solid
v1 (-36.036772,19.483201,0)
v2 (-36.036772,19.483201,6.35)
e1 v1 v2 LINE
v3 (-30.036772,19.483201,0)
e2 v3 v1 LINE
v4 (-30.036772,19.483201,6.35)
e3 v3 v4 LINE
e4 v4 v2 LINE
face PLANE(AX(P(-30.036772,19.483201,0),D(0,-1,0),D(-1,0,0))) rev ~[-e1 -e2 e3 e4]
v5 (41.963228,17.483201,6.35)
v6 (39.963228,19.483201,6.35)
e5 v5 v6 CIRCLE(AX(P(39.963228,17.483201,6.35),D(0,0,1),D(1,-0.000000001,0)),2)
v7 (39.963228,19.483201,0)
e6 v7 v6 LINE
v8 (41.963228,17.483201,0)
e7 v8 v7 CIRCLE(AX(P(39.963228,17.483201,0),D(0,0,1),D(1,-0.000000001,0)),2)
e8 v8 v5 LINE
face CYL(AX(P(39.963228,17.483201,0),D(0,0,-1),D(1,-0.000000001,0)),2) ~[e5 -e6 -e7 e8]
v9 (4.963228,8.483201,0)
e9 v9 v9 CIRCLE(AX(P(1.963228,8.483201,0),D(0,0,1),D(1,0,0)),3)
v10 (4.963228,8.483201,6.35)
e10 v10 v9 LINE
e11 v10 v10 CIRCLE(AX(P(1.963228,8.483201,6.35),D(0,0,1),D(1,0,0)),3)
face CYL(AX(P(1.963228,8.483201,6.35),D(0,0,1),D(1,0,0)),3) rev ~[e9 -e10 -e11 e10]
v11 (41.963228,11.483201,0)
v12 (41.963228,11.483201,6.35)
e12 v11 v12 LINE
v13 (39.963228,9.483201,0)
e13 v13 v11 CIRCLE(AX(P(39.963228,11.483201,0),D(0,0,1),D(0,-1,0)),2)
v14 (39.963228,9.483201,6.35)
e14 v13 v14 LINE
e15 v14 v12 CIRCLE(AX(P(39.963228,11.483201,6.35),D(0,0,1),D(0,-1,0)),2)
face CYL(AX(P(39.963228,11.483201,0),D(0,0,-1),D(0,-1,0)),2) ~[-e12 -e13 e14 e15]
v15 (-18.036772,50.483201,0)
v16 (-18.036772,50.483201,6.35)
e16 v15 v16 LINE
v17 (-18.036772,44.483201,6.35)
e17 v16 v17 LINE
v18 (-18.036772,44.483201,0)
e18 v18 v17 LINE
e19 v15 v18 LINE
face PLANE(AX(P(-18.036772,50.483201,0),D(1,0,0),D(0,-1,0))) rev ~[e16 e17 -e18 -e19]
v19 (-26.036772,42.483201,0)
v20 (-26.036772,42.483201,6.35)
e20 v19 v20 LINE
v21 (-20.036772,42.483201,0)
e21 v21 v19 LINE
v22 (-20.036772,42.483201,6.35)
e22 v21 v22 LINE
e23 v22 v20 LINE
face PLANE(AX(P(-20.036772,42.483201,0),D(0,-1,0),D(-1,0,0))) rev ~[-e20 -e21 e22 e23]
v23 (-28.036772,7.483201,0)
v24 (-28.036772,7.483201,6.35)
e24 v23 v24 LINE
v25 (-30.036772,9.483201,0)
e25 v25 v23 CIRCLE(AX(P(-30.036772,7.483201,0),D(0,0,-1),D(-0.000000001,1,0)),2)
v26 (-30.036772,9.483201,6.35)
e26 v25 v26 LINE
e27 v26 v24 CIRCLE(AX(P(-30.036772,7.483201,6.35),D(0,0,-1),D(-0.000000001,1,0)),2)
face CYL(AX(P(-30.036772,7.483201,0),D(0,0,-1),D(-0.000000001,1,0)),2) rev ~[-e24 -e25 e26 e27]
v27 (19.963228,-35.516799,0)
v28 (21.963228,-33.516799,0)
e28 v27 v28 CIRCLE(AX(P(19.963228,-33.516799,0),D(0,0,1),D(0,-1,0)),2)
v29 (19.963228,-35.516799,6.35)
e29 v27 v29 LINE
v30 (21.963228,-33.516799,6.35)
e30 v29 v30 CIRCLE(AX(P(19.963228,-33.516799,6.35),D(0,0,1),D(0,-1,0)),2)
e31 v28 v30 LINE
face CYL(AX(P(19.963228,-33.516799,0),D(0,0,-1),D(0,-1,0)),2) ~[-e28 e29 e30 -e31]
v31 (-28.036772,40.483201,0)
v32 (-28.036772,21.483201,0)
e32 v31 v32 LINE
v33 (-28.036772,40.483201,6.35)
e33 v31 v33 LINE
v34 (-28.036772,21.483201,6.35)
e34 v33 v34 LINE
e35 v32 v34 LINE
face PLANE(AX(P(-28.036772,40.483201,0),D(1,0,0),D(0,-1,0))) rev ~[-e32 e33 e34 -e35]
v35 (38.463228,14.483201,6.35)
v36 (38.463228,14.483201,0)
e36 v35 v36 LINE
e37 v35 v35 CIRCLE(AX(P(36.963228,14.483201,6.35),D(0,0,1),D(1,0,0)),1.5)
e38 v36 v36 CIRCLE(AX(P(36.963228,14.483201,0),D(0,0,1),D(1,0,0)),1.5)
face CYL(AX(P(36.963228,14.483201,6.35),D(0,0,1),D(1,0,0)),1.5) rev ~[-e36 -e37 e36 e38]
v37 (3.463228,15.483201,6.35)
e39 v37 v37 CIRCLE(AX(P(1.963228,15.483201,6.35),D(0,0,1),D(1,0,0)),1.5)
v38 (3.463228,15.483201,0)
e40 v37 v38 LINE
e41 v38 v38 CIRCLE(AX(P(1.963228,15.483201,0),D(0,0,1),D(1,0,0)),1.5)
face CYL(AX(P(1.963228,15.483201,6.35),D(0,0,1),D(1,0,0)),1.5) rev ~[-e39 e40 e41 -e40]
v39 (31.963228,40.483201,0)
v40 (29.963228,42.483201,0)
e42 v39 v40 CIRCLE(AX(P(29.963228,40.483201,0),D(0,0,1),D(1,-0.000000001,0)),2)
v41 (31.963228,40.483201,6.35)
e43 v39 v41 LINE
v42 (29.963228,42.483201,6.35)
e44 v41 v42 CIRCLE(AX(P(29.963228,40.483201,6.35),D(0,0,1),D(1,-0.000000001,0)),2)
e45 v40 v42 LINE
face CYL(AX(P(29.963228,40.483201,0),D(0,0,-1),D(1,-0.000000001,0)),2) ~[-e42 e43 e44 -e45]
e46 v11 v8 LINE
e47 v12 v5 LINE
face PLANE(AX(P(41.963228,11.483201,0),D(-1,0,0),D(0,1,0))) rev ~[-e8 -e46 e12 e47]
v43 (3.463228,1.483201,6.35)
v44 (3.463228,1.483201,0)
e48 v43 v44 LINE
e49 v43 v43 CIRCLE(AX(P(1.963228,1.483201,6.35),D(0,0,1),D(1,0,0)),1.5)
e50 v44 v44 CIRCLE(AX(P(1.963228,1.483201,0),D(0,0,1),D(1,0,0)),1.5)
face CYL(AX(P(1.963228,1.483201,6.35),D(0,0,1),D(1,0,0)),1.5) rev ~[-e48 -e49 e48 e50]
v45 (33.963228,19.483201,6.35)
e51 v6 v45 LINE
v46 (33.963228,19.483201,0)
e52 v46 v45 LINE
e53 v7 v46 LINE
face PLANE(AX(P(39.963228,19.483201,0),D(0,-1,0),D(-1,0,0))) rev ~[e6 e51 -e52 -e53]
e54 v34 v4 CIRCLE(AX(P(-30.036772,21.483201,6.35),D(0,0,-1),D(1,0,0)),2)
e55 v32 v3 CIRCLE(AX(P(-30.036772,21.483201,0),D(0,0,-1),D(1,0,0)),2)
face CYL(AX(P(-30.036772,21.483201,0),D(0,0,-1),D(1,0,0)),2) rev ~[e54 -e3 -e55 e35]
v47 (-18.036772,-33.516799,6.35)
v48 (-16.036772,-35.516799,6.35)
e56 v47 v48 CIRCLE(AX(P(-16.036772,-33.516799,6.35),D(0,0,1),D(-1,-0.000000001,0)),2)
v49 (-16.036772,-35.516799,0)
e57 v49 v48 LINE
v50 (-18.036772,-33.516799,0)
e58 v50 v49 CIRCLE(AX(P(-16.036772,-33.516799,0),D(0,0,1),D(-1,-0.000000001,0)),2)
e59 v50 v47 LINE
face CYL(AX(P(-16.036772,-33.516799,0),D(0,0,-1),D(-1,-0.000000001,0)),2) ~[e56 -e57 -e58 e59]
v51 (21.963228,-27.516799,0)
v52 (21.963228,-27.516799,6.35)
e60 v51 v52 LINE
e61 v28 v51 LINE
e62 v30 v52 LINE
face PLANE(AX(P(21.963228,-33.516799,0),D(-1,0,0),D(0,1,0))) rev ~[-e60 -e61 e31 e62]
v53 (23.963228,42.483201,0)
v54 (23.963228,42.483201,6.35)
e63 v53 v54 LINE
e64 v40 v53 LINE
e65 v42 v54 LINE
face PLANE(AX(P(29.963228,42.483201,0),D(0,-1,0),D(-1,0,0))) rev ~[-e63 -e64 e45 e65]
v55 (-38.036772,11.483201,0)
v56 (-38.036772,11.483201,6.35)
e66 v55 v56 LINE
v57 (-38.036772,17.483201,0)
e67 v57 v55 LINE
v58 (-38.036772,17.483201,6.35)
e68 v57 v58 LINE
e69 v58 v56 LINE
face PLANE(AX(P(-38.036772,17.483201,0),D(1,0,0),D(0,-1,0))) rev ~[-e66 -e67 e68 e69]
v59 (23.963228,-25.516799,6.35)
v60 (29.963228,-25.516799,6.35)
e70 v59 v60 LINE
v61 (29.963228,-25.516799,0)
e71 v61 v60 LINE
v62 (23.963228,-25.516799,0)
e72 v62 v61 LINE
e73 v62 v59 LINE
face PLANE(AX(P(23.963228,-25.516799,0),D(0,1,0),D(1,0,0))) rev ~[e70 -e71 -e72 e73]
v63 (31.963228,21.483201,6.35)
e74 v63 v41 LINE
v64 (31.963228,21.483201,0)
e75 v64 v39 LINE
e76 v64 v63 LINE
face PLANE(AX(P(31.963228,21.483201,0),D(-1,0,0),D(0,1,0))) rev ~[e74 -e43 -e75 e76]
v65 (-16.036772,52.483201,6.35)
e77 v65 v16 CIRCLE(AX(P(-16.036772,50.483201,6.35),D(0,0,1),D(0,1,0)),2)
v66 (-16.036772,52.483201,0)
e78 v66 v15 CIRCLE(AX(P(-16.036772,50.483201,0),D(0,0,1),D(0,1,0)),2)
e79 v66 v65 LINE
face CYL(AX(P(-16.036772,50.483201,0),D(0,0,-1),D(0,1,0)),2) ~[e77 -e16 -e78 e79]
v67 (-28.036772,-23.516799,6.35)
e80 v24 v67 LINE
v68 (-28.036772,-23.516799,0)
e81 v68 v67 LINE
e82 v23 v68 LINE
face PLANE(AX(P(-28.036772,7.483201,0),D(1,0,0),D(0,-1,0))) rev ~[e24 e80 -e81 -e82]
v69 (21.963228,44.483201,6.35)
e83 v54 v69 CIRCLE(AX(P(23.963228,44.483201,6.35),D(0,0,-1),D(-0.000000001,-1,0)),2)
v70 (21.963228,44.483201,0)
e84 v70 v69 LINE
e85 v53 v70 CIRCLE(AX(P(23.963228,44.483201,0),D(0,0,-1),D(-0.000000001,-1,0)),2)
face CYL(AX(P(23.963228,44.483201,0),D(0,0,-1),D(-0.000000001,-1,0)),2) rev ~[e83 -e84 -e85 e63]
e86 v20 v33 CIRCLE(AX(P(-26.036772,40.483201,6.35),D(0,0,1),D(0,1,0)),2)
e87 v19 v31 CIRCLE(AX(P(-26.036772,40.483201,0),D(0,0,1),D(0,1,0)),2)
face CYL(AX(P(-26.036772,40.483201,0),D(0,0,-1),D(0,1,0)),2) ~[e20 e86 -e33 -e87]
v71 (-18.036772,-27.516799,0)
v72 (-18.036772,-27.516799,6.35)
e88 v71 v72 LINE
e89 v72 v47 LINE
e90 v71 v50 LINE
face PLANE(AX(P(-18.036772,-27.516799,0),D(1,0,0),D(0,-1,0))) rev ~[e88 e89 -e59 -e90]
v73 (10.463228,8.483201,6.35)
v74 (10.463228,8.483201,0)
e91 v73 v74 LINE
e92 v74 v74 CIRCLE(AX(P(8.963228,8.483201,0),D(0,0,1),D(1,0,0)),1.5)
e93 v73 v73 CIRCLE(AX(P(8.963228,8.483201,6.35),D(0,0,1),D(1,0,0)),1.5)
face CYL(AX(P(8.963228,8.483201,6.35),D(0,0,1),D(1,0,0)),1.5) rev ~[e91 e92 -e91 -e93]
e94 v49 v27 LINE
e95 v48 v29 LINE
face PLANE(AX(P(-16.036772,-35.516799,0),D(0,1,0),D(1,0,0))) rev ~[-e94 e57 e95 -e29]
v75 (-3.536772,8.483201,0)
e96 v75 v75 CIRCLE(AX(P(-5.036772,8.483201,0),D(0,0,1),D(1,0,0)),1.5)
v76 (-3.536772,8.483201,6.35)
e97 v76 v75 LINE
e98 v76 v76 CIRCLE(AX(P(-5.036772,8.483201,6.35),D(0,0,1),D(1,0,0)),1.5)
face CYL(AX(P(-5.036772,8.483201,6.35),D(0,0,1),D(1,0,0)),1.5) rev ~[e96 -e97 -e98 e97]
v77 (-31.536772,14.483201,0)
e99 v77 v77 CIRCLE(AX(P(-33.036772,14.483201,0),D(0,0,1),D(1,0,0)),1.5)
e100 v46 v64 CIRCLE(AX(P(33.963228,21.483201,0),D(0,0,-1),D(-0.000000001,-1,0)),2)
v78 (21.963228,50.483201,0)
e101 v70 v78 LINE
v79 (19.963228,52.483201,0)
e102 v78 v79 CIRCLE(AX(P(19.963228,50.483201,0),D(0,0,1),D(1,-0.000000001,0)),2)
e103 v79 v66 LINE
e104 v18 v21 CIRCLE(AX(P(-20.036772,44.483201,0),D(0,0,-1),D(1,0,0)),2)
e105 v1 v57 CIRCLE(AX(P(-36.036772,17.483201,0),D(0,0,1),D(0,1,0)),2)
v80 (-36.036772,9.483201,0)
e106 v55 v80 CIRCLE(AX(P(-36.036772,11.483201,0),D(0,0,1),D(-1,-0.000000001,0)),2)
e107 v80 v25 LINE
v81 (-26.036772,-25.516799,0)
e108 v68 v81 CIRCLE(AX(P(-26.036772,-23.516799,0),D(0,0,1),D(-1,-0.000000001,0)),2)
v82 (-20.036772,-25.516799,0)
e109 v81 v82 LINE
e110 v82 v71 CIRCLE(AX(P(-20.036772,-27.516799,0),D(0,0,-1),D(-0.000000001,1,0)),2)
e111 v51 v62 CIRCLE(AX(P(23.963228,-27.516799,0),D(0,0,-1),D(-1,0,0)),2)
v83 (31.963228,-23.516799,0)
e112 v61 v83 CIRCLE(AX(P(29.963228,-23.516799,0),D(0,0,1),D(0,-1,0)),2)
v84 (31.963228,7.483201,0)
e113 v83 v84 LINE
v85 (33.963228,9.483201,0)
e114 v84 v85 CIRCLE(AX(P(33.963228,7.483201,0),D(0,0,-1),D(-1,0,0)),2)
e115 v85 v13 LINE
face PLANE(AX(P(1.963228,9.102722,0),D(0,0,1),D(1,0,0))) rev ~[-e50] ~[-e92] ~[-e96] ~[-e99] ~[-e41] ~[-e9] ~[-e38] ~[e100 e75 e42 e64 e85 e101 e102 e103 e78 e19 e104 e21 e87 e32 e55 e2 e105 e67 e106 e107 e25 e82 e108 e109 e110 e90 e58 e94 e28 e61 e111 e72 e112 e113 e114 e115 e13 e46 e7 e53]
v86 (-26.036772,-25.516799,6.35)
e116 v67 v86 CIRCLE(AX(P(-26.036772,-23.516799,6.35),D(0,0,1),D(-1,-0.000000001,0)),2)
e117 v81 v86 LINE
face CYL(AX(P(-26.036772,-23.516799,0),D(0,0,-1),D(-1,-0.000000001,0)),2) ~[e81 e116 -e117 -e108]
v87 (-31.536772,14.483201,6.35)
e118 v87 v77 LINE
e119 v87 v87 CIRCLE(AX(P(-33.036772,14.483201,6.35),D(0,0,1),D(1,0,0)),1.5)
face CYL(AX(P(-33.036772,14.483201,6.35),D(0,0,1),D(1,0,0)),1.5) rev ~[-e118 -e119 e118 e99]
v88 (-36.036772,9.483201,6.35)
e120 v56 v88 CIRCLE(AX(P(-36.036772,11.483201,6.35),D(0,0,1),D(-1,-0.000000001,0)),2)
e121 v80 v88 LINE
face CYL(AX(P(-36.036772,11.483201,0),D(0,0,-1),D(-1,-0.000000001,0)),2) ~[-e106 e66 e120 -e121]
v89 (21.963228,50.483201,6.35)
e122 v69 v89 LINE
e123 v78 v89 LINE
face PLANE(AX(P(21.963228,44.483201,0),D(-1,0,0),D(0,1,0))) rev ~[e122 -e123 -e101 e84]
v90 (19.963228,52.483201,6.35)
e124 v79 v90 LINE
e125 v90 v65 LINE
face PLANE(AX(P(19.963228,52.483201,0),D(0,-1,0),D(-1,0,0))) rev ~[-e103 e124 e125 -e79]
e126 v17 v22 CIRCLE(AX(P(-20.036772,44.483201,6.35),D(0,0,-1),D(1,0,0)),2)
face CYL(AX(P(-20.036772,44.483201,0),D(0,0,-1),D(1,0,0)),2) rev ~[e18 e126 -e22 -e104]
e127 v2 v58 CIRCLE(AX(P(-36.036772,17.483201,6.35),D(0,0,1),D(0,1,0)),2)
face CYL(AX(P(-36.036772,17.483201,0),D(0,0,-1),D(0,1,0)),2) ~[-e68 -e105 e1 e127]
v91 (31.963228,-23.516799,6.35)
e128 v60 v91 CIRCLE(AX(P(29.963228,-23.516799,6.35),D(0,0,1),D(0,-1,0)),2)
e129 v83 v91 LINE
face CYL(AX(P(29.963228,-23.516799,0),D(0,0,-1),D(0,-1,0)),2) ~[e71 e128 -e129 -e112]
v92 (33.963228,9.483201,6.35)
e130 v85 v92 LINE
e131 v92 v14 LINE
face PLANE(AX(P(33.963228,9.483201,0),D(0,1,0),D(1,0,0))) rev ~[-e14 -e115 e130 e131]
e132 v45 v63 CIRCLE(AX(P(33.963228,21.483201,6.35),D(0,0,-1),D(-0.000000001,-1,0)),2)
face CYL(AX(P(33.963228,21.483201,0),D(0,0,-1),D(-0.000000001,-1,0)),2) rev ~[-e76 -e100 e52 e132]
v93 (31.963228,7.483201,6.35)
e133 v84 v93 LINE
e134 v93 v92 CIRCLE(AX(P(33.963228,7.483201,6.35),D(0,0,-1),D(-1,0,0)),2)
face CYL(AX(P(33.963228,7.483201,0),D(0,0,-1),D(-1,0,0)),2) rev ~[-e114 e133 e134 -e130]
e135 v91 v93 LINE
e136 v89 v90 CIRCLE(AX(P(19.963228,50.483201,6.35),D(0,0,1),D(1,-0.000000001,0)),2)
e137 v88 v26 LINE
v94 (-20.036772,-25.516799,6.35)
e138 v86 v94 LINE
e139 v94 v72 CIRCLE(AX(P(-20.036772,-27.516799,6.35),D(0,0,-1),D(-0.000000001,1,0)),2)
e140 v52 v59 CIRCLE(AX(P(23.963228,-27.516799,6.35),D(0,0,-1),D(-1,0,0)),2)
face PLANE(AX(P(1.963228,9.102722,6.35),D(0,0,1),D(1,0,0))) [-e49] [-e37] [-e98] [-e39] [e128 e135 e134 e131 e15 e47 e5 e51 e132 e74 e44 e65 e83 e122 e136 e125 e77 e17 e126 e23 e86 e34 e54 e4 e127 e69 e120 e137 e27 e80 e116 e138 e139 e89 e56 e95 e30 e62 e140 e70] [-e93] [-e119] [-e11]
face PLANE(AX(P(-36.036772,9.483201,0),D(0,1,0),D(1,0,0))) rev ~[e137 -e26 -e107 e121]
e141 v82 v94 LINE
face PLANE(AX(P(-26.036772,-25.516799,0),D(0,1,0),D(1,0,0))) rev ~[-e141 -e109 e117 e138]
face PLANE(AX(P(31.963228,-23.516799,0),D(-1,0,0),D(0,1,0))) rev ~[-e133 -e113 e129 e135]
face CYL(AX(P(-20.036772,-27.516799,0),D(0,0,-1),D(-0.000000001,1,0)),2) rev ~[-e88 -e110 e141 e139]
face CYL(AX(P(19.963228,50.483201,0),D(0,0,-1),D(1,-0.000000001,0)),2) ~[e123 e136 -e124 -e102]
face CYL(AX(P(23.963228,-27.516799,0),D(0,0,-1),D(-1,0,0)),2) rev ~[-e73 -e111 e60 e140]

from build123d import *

# Parameters (mm, degrees)
EXTRUDE_1_DEPTH     = 6.35
SKETCH_2_R          = 1.5
CUT_EXTRUDE_1_DEPTH = 7.35
SKETCH_3_R          = 3
SKETCH_3_R_2        = 1.5
CUT_EXTRUDE_2_DEPTH = 7.35


with BuildPart() as part:
    # 草图1 → 凸台-拉伸1 (new body)
    with BuildSketch(Plane.XY):
        with BuildLine():
            Line((-28.036772487, 40.483201058), (-28.036772487, 21.483201058))
            ThreePointArc((-28.036772487, 21.483201058), (-28.622558924, 20.068987496), (-30.036772487, 19.483201058))
            Line((-30.036772487, 19.483201058), (-36.036772487, 19.483201058))
            ThreePointArc((-36.036772487, 19.483201058), (-37.450986049, 18.897414621), (-38.036772487, 17.483201058))
            Line((-38.036772487, 17.483201058), (-38.036772487, 11.483201058))
            ThreePointArc((-38.036772487, 11.483201058), (-37.450986049, 10.068987496), (-36.036772487, 9.483201058))
            Line((-36.036772487, 9.483201058), (-30.036772487, 9.483201058))
            ThreePointArc((-30.036772487, 9.483201058), (-28.622558924, 8.897414621), (-28.036772487, 7.483201058))
            Line((-28.036772487, 7.483201058), (-28.036772487, -23.516798942))
            ThreePointArc((-28.036772487, -23.516798942), (-27.450986049, -24.931012504), (-26.036772487, -25.516798942))
            Line((-26.036772487, -25.516798942), (-20.036772487, -25.516798942))
            ThreePointArc((-20.036772487, -25.516798942), (-18.622558924, -26.102585379), (-18.036772487, -27.516798942))
            Line((-18.036772487, -27.516798942), (-18.036772487, -33.516798942))
            ThreePointArc((-18.036772487, -33.516798942), (-17.450986049, -34.931012504), (-16.036772487, -35.516798942))
            Line((-16.036772487, -35.516798942), (19.963227513, -35.516798942))
            ThreePointArc((19.963227513, -35.516798942), (21.377441076, -34.931012504), (21.963227513, -33.516798942))
            Line((21.963227513, -33.516798942), (21.963227513, -27.516798942))
            ThreePointArc((21.963227513, -27.516798942), (22.549013951, -26.102585379), (23.963227513, -25.516798942))
            Line((23.963227513, -25.516798942), (29.963227513, -25.516798942))
            ThreePointArc((29.963227513, -25.516798942), (31.377441076, -24.931012504), (31.963227513, -23.516798942))
            Line((31.963227513, -23.516798942), (31.963227513, 7.483201058))
            ThreePointArc((31.963227513, 7.483201058), (32.549013951, 8.897414621), (33.963227513, 9.483201058))
            Line((33.963227513, 9.483201058), (39.963227513, 9.483201058))
            ThreePointArc((39.963227513, 9.483201058), (41.377441076, 10.068987496), (41.963227513, 11.483201058))
            Line((41.963227513, 11.483201058), (41.963227513, 17.483201058))
            ThreePointArc((41.963227513, 17.483201058), (41.377441076, 18.897414621), (39.963227513, 19.483201058))
            Line((39.963227513, 19.483201058), (33.963227513, 19.483201058))
            ThreePointArc((33.963227513, 19.483201058), (32.549013951, 20.068987496), (31.963227513, 21.483201058))
            Line((31.963227513, 21.483201058), (31.963227513, 40.483201058))
            ThreePointArc((31.963227513, 40.483201058), (31.377441076, 41.897414621), (29.963227513, 42.483201058))
            Line((29.963227513, 42.483201058), (23.963227513, 42.483201058))
            ThreePointArc((23.963227513, 42.483201058), (22.549013951, 43.068987496), (21.963227513, 44.483201058))
            Line((21.963227513, 44.483201058), (21.963227513, 50.483201058))
            ThreePointArc((21.963227513, 50.483201058), (21.377441076, 51.897414621), (19.963227513, 52.483201058))
            Line((19.963227513, 52.483201058), (-16.036772487, 52.483201058))
            ThreePointArc((-16.036772487, 52.483201058), (-17.450986049, 51.897414621), (-18.036772487, 50.483201058))
            Line((-18.036772487, 50.483201058), (-18.036772487, 44.483201058))
            ThreePointArc((-18.036772487, 44.483201058), (-18.622558924, 43.068987496), (-20.036772487, 42.483201058))
            Line((-20.036772487, 42.483201058), (-26.036772487, 42.483201058))
            ThreePointArc((-26.036772487, 42.483201058), (-27.450986049, 41.897414621), (-28.036772487, 40.483201058))
        make_face()
    extrude(amount=EXTRUDE_1_DEPTH)

    # 草图2 → 切除-拉伸1 (cut, through all)
    with BuildSketch(Plane.XY.offset(6.35)):
        with Locations((-33.036772487, 14.483201058)):
            Circle(SKETCH_2_R)
        with Locations((36.963227513, 14.483201058)):
            Circle(SKETCH_2_R)
    extrude(amount=-CUT_EXTRUDE_1_DEPTH, mode=Mode.SUBTRACT)

    # 草图3 → 切除-拉伸2 (cut, through all)
    with BuildSketch(Plane.XY.offset(6.35)):
        with Locations((1.963227513, 8.483201058)):
            Circle(SKETCH_3_R)
        with Locations((8.963227513, 8.483201058)):
            Circle(SKETCH_3_R_2)
        with Locations((1.963227513, 15.483201058)):
            Circle(SKETCH_3_R_2)
        with Locations((-5.036772487, 8.483201058)):
            Circle(SKETCH_3_R_2)
        with Locations((1.963227513, 1.483201058)):
            Circle(SKETCH_3_R_2)
    extrude(amount=-CUT_EXTRUDE_2_DEPTH, mode=Mode.SUBTRACT)


solid = part.part
